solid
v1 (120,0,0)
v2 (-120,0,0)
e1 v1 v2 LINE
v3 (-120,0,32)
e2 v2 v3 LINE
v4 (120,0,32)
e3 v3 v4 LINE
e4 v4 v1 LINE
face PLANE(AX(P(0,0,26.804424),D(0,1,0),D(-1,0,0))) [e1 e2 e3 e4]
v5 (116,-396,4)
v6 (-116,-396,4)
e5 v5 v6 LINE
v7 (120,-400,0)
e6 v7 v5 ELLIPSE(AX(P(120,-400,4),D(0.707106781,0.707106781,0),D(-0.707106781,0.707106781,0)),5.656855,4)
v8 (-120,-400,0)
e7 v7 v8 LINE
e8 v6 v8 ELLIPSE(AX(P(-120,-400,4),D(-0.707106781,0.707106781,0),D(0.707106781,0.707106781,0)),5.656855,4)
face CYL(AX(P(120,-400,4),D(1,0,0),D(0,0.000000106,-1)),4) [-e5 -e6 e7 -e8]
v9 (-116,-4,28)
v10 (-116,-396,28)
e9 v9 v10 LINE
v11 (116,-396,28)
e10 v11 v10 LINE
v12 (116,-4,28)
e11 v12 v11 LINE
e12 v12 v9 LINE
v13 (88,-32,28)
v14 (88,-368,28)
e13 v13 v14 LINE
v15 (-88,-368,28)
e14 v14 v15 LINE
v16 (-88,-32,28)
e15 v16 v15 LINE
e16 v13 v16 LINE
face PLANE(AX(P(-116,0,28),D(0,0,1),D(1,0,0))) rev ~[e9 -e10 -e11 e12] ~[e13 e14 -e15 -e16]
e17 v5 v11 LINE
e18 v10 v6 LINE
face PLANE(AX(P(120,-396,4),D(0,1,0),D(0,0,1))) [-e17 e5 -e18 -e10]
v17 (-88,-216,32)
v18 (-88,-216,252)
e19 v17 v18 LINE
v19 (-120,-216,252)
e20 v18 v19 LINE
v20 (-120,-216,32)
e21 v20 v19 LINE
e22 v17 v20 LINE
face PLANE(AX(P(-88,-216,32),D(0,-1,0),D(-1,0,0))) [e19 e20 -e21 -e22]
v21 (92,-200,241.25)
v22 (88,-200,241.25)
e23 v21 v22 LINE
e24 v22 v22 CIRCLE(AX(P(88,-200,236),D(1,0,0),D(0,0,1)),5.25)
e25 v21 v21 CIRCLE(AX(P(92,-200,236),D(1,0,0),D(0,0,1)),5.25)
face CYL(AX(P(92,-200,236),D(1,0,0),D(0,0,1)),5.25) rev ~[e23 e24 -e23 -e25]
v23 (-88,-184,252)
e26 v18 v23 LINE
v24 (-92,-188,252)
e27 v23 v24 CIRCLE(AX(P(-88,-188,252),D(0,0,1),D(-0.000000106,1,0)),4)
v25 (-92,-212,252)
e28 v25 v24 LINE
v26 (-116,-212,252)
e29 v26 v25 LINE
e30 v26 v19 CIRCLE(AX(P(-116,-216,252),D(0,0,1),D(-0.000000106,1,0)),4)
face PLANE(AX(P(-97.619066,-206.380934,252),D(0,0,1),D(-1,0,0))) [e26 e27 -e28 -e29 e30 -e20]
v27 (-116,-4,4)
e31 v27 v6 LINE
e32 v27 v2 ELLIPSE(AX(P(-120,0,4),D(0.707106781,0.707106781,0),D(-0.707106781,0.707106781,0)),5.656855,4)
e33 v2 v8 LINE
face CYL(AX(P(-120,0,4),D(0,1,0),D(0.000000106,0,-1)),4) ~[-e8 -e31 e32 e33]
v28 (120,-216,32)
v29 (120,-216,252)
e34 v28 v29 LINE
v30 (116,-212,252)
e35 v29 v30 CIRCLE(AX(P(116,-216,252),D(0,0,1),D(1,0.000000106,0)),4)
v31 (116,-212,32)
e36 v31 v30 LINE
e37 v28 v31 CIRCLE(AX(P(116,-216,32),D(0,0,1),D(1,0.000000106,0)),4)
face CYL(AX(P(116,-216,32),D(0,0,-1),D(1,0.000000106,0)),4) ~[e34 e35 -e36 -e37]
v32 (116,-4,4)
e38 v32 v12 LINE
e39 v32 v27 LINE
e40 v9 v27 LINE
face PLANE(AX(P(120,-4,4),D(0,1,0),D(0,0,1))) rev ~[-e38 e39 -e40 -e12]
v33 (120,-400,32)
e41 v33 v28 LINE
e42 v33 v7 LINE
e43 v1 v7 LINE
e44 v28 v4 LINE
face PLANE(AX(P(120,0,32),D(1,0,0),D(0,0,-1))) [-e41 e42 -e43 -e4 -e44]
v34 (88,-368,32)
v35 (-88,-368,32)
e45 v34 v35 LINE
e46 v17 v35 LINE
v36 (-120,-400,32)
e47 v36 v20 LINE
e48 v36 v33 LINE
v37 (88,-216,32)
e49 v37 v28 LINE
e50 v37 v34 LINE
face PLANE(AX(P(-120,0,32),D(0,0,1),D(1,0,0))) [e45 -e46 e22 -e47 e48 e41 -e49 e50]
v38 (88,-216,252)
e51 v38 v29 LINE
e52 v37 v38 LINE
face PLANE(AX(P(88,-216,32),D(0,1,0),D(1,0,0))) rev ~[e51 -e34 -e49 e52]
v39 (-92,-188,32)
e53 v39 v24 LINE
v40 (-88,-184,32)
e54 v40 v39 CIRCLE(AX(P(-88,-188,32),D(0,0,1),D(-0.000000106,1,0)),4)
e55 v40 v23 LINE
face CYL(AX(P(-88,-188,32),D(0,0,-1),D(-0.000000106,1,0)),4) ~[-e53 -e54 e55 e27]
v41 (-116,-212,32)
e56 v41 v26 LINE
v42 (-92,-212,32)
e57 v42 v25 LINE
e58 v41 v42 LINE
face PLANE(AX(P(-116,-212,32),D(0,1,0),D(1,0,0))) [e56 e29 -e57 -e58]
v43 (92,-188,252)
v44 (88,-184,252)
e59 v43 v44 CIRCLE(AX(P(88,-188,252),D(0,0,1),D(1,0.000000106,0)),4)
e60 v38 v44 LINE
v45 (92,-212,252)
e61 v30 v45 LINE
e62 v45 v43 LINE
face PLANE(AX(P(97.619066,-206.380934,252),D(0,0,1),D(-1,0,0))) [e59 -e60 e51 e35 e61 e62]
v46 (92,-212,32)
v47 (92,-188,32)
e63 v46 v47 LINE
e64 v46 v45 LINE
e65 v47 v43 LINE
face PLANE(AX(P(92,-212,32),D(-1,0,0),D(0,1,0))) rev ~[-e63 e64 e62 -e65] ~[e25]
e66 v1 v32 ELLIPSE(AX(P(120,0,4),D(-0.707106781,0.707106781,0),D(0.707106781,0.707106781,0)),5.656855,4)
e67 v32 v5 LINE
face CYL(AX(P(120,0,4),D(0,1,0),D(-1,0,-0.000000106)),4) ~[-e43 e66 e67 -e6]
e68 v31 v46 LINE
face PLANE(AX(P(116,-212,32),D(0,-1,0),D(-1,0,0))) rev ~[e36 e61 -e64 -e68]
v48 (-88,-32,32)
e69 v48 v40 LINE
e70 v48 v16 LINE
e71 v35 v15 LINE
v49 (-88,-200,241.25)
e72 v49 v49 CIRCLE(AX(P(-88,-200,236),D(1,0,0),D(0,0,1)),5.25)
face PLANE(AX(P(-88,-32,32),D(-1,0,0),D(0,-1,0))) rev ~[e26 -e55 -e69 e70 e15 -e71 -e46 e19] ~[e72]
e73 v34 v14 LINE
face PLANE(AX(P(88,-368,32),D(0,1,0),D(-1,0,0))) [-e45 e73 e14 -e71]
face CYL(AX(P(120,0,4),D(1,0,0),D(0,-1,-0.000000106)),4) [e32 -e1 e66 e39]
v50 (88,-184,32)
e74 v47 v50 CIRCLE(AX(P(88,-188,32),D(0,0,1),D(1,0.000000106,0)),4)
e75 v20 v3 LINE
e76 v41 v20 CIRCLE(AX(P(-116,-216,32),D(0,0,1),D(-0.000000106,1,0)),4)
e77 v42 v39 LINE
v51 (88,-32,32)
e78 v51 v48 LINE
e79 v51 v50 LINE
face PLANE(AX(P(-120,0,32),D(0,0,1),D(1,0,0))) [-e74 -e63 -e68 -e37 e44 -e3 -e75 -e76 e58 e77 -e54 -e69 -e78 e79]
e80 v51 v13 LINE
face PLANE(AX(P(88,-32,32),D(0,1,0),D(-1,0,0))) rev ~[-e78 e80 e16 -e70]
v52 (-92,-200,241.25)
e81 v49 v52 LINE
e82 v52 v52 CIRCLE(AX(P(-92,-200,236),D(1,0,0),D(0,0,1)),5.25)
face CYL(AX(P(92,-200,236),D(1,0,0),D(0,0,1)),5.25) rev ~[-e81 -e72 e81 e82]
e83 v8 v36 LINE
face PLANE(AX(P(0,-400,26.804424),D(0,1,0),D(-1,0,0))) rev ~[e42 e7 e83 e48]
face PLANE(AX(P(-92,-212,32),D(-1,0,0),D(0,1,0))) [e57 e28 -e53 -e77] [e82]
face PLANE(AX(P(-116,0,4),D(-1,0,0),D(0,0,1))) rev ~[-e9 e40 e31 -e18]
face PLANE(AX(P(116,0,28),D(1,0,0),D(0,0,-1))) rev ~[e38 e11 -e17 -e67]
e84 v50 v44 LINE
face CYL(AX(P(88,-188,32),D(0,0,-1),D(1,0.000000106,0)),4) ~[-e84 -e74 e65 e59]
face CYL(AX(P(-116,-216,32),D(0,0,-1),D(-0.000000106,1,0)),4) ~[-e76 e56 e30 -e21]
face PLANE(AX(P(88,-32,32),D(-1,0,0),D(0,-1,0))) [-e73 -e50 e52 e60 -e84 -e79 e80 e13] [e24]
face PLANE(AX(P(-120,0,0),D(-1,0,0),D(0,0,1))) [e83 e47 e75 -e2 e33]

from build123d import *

# Parameters (mm, degrees)
PAD_DEPTH       = 400
PAD001_DEPTH    = 240
SKETCH002_W     = 176
SKETCH002_H     = 336
POCKET_DEPTH    = 32.001
PAD002_DEPTH    = 220
SKETCH004_R     = 5.25
POCKET001_DEPTH = 212.001


with BuildPart() as part:
    # Sketch → Pad (new body)
    with BuildSketch(Plane.XZ):
        with BuildLine():
            Line((-120, 0), (-120, 32))
            Line((-120, 32), (120, 32))
            Line((120, 32), (120, 0))
            ThreePointArc((116, 4), (117.171573, 1.171573), (120, 0))
            Line((116, 28), (116, 4))
            Line((-116, 28), (116, 28))
            Line((-116, 4), (-116, 28))
            ThreePointArc((-120, 0), (-117.171573, 1.171573), (-116, 4))
        make_face()
    extrude(amount=PAD_DEPTH)

    # Sketch001 (on Face4 of Pad) → Pad001 (join)
    with BuildSketch(Plane(origin=(120, 0, 0), x_dir=(0, 0, 1), z_dir=(1, 0, 0))):
        with BuildLine():
            Line((32, 400), (0, 400))
            ThreePointArc((0, 400), (1.171573, 397.171573), (4, 396))
            Line((4, 396), (32, 396))
            Line((32, 396), (32, 400))
        make_face()
        with BuildLine():
            Line((0, 0), (32, 0))
            Line((32, 0), (32, 4))
            Line((4, 4), (32, 4))
            ThreePointArc((4, 4), (1.171573, 2.828427), (0, 0))
        make_face()
    extrude(amount=-PAD001_DEPTH)

    # Sketch002 (on Face13 of Pad001) → Pocket (cut, through all)
    with BuildSketch(Plane(origin=(0, 0, 32), x_dir=(-1, 0, 0), z_dir=(0, 0, 1))):
        with Locations((0, 200)):
            Rectangle(SKETCH002_W, SKETCH002_H)
    extrude(amount=-POCKET_DEPTH, mode=Mode.SUBTRACT)

    # Sketch003 (on Face13 of Pocket) → Pad002 (join)
    with BuildSketch(Plane(origin=(0, 0, 32), x_dir=(-1, 0, 0), z_dir=(0, 0, 1))):
        with BuildLine():
            Line((88, 216), (88, 184))
            ThreePointArc((88, 184), (90.828427, 185.171573), (92, 188))
            Line((92, 212), (92, 188))
            Line((116, 212), (92, 212))
            ThreePointArc((116, 212), (118.828427, 213.171573), (120, 216))
            Line((88, 216), (120, 216))
        make_face()
        with BuildLine():
            Line((-88, 216), (-120, 216))
            ThreePointArc((-120, 216), (-118.828427, 213.171573), (-116, 212))
            Line((-116, 212), (-92, 212))
            Line((-92, 212), (-92, 188))
            ThreePointArc((-92, 188), (-90.828427, 185.171573), (-88, 184))
            Line((-88, 216), (-88, 184))
        make_face()
    extrude(amount=PAD002_DEPTH)

    # Sketch004 (on Face27 of Pad002) → Pocket001 (cut, through all)
    with BuildSketch(Plane(origin=(92, 0, 0), x_dir=(0, 0, 1), z_dir=(1, 0, 0))):
        with Locations((236, 200)):
            Circle(SKETCH004_R)
    extrude(amount=-POCKET001_DEPTH, mode=Mode.SUBTRACT)


solid = part.part
